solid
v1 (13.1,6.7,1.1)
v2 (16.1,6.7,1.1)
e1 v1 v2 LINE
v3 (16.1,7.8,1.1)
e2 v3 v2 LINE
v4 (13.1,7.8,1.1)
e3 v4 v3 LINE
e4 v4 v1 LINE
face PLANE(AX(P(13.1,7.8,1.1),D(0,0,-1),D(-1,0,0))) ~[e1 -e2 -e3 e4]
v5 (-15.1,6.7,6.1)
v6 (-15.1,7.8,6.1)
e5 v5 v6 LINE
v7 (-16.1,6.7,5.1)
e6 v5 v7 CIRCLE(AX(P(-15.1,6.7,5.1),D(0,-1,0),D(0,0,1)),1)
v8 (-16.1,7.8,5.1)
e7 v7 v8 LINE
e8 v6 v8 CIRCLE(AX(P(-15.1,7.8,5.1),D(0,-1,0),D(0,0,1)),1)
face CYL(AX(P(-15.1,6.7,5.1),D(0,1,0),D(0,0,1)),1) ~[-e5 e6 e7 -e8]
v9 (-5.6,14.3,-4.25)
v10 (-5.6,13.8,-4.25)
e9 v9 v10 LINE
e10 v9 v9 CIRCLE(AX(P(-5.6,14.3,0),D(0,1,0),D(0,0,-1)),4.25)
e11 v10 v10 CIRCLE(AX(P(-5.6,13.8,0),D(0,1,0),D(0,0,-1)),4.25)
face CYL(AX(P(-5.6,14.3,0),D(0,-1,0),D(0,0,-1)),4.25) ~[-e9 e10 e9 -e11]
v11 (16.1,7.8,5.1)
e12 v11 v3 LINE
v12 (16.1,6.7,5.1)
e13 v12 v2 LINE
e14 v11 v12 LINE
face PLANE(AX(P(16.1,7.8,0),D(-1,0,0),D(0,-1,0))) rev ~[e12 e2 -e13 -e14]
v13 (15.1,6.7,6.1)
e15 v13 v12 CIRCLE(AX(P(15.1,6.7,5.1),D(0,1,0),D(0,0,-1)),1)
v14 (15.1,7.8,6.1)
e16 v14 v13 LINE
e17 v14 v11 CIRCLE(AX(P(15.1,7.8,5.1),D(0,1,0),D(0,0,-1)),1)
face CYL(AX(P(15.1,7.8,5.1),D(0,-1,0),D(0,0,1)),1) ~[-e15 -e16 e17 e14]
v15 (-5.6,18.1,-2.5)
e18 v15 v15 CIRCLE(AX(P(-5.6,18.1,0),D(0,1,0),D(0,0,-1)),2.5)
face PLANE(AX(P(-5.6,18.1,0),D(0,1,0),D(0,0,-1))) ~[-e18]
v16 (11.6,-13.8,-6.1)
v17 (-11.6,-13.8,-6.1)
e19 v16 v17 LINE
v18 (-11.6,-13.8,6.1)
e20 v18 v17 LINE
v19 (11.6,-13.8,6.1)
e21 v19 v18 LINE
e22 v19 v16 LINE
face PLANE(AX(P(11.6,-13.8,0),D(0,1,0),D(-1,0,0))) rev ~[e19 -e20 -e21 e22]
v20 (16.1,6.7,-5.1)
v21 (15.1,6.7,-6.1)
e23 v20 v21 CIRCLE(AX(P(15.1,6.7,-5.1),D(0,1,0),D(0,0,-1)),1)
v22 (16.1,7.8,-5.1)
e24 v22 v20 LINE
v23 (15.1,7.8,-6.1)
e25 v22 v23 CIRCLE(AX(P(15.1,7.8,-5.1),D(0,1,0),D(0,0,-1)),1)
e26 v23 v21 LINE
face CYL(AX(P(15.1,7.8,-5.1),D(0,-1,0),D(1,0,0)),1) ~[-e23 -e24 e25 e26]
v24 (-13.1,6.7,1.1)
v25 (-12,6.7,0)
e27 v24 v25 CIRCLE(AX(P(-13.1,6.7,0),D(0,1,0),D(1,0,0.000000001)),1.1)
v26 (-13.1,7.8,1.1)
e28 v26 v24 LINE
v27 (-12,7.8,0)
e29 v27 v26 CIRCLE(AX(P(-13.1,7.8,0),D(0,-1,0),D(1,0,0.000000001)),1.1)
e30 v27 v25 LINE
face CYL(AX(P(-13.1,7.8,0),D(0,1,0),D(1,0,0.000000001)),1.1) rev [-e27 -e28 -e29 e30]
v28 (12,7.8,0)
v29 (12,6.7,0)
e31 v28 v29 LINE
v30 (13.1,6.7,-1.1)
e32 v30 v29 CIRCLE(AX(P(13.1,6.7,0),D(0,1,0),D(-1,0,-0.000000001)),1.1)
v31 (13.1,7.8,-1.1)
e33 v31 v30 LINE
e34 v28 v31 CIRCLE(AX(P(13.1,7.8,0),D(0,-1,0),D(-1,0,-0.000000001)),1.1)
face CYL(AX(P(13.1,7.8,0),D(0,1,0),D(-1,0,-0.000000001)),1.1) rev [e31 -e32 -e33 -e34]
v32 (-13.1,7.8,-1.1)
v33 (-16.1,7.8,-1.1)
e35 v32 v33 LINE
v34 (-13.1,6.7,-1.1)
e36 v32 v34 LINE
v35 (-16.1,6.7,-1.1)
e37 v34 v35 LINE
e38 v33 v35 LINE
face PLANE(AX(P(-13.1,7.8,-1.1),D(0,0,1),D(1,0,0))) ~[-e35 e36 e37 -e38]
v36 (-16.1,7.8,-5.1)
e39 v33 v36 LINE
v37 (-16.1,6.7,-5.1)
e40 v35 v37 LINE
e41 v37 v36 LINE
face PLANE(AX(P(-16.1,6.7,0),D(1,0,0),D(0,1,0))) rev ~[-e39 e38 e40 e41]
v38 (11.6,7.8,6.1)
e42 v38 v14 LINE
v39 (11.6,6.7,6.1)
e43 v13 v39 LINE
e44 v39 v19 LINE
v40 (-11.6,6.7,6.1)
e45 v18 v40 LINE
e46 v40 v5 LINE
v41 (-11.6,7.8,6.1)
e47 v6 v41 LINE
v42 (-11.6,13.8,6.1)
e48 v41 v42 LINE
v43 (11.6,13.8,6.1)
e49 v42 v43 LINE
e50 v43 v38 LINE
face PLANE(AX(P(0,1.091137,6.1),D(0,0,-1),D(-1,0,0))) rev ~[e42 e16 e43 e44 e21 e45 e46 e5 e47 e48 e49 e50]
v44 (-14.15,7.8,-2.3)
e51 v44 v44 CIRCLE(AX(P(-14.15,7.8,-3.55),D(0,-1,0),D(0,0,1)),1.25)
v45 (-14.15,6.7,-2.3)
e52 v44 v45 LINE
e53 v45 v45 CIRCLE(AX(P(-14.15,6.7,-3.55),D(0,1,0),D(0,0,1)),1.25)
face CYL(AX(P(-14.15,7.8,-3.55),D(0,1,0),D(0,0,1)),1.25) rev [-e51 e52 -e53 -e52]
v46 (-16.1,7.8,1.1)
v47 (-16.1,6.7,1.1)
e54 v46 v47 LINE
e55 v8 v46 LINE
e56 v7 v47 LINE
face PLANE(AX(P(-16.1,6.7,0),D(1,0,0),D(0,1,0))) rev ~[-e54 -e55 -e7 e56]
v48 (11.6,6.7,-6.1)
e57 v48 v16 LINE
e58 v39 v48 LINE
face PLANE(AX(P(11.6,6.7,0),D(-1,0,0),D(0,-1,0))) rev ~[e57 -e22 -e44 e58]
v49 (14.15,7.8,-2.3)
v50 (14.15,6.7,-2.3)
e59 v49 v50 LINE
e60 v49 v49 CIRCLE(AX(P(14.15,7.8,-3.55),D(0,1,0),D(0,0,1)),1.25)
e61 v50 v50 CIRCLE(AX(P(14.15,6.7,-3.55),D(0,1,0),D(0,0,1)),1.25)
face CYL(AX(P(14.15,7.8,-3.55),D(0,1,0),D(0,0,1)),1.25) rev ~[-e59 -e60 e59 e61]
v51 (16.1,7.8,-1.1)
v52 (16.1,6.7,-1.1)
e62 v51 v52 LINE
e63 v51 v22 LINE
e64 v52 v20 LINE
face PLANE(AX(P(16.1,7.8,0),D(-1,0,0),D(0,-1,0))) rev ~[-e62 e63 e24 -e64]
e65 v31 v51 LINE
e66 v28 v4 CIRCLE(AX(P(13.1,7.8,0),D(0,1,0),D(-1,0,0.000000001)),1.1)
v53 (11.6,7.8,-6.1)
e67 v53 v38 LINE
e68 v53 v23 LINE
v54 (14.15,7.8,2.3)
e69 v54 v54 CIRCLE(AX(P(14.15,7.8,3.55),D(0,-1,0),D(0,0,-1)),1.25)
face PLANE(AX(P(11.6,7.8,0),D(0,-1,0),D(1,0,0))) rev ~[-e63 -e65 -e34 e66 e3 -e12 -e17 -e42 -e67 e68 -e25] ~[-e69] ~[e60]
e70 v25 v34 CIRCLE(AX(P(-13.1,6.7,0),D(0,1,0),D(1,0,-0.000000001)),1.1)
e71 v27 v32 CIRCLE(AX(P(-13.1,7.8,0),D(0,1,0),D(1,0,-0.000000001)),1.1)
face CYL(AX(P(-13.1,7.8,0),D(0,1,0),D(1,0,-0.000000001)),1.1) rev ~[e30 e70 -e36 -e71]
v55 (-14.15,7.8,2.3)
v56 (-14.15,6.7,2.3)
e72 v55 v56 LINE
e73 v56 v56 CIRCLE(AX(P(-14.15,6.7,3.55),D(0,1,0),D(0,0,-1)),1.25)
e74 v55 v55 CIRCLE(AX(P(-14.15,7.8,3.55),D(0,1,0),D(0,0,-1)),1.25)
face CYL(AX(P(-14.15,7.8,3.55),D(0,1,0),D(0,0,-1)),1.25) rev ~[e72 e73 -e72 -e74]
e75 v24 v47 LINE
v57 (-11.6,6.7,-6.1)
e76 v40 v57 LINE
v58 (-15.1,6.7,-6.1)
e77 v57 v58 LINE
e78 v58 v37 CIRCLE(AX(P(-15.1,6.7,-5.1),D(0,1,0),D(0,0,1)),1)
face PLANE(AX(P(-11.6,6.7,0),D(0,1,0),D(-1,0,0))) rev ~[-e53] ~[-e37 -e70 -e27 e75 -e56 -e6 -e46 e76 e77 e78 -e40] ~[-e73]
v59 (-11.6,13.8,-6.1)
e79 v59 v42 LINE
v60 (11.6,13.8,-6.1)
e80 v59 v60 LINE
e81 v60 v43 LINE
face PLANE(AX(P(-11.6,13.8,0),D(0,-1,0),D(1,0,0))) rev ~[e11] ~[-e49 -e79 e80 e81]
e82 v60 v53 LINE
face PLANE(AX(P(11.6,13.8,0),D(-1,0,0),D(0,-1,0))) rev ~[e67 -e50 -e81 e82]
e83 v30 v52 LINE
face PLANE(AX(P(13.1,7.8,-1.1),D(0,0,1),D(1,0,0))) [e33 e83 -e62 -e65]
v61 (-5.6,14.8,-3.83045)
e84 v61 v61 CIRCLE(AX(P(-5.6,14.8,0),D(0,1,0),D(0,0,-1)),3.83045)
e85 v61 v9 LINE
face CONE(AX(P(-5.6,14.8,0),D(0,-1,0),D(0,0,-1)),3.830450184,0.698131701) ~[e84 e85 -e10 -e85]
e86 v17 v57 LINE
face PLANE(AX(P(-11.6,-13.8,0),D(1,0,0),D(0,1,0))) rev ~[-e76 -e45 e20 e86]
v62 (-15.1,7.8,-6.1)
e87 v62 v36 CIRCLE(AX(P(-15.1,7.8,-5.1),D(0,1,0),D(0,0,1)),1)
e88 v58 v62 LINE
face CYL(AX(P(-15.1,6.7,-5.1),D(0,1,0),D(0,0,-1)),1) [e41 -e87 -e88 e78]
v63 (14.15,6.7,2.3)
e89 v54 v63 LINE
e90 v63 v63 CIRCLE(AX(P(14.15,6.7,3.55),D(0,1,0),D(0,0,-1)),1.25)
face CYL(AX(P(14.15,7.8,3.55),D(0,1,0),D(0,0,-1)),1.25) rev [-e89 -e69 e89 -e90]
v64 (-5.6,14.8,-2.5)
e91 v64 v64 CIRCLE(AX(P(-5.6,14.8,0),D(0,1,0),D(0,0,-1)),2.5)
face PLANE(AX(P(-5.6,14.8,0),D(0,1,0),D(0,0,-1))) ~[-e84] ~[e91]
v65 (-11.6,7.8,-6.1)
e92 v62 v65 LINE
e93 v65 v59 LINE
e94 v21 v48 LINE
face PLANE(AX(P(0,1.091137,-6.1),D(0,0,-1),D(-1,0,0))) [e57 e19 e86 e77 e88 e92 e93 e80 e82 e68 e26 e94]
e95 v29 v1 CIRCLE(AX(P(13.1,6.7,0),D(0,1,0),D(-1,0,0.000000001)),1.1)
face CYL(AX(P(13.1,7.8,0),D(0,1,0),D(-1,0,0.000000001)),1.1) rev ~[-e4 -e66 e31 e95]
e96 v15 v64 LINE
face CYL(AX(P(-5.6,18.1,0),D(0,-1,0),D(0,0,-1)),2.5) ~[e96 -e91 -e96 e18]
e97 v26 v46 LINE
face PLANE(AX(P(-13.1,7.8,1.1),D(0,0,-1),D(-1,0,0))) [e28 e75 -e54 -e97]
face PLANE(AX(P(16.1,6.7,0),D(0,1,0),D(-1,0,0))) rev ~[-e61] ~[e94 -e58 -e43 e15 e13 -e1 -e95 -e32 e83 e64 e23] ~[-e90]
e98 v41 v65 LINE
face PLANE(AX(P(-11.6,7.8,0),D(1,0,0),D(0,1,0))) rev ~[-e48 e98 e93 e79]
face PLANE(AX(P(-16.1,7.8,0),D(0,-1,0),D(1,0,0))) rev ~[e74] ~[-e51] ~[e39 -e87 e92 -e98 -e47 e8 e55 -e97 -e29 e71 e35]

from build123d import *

# Parameters (mm, degrees)
BOSS_EXTRUDE1_DEPTH     = 6.1
SKETCH3_R               = 1.25
CUT_EXTRUDE1_DEPTH      = 28.622092607
MIRROR1_COPY_1_SKETCH_R = 1.25
MIRROR1_COPY_1_DEPTH    = 28.622092607
FILLET1_R               = 1


with BuildPart() as part:
    # Sketch1 → Boss-Extrude1 (new, symmetric)
    with BuildSketch(Plane.XY):
        Polygon((11.6, 7.8), (16.1, 7.8), (16.1, 6.7), (11.6, 6.7), (11.6, -13.8), (-11.6, -13.8), (-11.6, 6.7), (-16.1, 6.7), (-16.1, 7.8), (-11.6, 7.8), (-11.6, 13.8), (11.6, 13.8), align=None)
    extrude(amount=BOSS_EXTRUDE1_DEPTH, both=True)

    # Sketch2 → Revolve1 (revolve)
    with BuildSketch(Plane.XY, mode=Mode.PRIVATE) as revolve1_sk:
        Polygon((-5.6, 18.1), (-8.1, 18.1), (-8.1, 14.8), (-9.430450184, 14.8), (-9.85, 14.3), (-9.85, 13.8), (-5.6, 13.8), align=None)
    revolve(revolve1_sk.sketch.rotate(Axis((-5.6, 13.8, 0), (0, 1, 0)), 270), axis=Axis((-5.6, 13.8, 0), (0, 1, 0)))

    # Sketch3 → Cut-Extrude1 (cut, through all)
    with BuildSketch(Plane(origin=(0, 7.8, 0), x_dir=(1, 0, 0), z_dir=(0, 1, 0))):
        with Locations(Location((14.15, 3.55, 0), (0, 0, 270))):
            Circle(SKETCH3_R)
        with BuildLine():
            Line((16.1, 0), (13.1, 0))
            Line((13.1, 0), (12, 0))
            ThreePointArc((12, 0), (12.322182541, 0.777817459), (13.1, 1.1))
            Line((13.1, 1.1), (16.1, 1.1))
            Line((16.1, 1.1), (16.1, 0))
        make_face()
    cut_extrude1 = extrude(amount=-CUT_EXTRUDE1_DEPTH, mode=Mode.SUBTRACT)

    # Mirror4: Cut-Extrude1 across plane
    add(cut_extrude1.mirror(Plane(origin=(0, 0, 0), x_dir=(0, 0, 1), z_dir=(1, 0, 0))), mode=Mode.SUBTRACT)

    # Mirror1: Cut-Extrude1 across plane
    add(cut_extrude1.mirror(Plane(origin=(16.1, -13.8, 0), x_dir=(1, 0, 0), z_dir=(0, 0, 1))), mode=Mode.SUBTRACT)

    # Mirror1 copy 1 sketch → Mirror1 copy 1 (cut, through all)
    with BuildSketch(Plane(origin=(0, 7.8, 0), x_dir=(-1, 0, 0), z_dir=(0, 1, 0))):
        with Locations(Location((14.15, 3.55, 0), (0, 0, 270))):
            Circle(MIRROR1_COPY_1_SKETCH_R)
        with BuildLine():
            Line((16.1, 0), (13.1, 0))
            Line((13.1, 0), (12, 0))
            ThreePointArc((12, 0), (12.322182541, 0.777817459), (13.1, 1.1))
            Line((13.1, 1.1), (16.1, 1.1))
            Line((16.1, 1.1), (16.1, 0))
        make_face()
    extrude(amount=-MIRROR1_COPY_1_DEPTH, mode=Mode.SUBTRACT)

    # Fillet1
    fillet1_edges = [part.edges().sort_by_distance(p)[0] for p in [
        (-16.1, 7.25, 6.1),
        (16.1, 7.25, -6.1),
        (-16.1, 7.25, -6.1),
        (16.1, 7.25, 6.1),
    ]]
    fillet(fillet1_edges, radius=FILLET1_R)


solid = part.part
